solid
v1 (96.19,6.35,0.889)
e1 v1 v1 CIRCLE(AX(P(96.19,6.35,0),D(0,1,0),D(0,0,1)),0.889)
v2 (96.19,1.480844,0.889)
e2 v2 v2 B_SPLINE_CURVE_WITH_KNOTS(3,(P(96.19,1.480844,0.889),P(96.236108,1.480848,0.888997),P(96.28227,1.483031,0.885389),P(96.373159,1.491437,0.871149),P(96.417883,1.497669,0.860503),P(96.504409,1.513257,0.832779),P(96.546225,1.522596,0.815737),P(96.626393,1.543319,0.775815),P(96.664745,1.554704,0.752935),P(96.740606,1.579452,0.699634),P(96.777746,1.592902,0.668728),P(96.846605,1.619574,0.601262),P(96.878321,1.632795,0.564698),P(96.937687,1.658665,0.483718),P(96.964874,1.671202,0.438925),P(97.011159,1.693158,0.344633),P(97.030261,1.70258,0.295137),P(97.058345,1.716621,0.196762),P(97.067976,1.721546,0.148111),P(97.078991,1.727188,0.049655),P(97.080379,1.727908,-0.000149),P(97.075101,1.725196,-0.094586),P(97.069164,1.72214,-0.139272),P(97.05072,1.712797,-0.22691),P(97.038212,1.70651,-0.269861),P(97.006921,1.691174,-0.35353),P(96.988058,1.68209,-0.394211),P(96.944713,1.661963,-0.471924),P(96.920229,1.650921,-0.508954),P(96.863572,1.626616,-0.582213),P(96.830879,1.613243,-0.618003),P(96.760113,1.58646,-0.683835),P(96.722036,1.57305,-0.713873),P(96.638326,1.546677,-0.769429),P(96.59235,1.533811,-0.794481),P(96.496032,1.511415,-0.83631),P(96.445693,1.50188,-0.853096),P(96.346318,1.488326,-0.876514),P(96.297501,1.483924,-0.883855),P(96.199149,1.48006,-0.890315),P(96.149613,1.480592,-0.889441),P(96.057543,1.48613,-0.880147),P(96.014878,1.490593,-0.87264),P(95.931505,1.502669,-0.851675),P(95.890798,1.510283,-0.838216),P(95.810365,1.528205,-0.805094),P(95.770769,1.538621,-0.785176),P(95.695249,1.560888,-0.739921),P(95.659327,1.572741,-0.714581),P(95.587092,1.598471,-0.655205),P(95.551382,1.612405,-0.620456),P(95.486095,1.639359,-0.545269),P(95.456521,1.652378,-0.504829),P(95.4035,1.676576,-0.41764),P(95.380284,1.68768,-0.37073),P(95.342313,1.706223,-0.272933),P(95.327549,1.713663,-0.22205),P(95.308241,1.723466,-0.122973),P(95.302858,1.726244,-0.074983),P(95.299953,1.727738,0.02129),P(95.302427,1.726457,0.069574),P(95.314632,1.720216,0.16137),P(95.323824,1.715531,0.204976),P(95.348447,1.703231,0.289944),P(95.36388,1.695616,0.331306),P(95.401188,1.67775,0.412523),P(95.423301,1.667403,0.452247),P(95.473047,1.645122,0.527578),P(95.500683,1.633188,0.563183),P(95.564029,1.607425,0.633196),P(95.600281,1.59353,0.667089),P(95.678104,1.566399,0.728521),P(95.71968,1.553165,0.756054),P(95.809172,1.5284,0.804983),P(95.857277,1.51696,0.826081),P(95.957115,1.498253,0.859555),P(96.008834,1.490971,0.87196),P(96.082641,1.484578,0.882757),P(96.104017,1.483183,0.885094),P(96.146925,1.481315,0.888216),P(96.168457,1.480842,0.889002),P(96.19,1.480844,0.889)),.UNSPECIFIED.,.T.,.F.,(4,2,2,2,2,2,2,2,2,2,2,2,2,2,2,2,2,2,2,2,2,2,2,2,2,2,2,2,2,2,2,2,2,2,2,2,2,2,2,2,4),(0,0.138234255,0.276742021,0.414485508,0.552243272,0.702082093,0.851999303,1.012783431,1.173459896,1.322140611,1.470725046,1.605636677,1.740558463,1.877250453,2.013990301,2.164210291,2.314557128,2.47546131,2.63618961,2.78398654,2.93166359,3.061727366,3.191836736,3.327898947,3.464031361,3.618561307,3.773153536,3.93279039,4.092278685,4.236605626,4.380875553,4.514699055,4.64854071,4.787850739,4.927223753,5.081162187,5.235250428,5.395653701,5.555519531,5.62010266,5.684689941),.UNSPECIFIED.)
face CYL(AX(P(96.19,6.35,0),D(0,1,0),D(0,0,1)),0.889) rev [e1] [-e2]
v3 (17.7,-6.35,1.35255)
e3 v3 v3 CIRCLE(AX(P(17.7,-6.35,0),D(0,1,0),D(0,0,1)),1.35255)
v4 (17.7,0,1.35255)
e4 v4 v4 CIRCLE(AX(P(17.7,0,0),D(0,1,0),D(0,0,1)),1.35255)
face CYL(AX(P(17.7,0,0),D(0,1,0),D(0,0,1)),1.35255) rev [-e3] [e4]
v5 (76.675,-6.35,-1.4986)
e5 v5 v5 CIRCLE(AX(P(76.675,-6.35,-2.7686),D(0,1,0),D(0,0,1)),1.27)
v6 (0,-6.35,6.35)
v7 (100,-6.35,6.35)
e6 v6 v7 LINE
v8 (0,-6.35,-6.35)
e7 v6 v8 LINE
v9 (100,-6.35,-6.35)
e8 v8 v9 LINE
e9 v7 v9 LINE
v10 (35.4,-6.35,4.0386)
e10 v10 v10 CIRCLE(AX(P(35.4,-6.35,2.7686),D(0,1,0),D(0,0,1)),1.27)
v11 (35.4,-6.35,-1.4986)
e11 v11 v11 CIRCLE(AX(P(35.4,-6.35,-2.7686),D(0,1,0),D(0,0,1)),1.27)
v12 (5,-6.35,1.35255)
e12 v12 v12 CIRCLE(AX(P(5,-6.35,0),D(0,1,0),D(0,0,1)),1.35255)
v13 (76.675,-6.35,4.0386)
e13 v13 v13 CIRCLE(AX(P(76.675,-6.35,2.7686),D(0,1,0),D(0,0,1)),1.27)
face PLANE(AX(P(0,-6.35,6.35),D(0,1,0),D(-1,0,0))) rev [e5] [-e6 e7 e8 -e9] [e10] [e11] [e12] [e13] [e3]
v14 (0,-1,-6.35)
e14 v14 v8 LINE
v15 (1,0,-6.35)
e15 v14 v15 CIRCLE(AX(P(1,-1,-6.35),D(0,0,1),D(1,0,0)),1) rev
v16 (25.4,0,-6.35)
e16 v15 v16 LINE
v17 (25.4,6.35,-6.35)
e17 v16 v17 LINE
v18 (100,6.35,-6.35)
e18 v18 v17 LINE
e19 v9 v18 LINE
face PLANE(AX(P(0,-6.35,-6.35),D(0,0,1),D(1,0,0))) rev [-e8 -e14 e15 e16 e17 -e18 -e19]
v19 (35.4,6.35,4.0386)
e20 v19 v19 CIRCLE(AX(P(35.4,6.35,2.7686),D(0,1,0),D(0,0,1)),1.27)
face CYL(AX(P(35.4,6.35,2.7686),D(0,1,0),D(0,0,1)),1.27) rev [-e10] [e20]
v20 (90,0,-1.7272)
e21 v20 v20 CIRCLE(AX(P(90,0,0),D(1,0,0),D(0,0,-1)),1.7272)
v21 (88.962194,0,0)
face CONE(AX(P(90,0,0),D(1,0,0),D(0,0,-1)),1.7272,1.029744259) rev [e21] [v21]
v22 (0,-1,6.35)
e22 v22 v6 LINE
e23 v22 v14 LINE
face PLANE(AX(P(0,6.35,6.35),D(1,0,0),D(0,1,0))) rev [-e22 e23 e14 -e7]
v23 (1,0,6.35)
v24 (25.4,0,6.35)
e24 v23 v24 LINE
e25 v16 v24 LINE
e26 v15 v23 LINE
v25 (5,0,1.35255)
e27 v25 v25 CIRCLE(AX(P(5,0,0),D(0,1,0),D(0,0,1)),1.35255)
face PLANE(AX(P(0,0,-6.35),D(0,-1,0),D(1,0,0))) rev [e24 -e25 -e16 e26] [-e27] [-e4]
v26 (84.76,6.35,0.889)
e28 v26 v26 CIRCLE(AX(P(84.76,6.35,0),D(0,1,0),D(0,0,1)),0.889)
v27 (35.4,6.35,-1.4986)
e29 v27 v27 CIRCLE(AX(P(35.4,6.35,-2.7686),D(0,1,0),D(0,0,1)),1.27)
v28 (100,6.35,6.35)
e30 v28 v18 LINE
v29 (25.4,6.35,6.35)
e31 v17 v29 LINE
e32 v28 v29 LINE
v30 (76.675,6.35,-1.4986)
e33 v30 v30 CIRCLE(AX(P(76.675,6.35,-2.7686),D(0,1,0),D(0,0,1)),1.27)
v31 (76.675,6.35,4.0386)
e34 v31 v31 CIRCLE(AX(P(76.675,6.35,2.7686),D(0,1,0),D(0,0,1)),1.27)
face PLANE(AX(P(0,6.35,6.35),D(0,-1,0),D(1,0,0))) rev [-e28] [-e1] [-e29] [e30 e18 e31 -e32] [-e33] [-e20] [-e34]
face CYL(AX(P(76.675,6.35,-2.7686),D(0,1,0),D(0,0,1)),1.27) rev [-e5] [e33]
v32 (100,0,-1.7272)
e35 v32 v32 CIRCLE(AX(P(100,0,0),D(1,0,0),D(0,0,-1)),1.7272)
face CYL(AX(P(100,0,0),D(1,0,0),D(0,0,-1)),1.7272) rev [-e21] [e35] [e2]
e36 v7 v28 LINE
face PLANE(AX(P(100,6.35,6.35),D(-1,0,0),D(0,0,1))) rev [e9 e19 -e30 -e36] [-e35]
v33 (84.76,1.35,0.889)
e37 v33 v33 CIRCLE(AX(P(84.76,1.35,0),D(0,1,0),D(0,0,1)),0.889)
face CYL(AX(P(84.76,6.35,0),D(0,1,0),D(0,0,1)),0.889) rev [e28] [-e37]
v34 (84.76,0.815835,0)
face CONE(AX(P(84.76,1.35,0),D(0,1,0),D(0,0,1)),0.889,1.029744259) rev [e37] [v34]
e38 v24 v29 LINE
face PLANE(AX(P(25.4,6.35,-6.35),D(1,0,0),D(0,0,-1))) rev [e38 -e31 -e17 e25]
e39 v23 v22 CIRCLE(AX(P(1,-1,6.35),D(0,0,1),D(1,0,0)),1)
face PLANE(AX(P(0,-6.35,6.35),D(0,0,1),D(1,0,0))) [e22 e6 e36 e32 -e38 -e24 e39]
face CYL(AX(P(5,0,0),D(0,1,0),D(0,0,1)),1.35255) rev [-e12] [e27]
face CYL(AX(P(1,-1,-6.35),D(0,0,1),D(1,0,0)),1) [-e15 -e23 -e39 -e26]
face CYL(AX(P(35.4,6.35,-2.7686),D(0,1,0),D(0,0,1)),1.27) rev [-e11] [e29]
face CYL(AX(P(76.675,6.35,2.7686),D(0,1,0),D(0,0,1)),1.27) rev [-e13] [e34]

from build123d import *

# Parameters (mm, degrees)
SKETCH1_W                  = 100
SKETCH1_H                  = 12.7
BOSS_EXTRUDE1_DEPTH        = 6.35
SKETCH2_W                  = 25.4
SKETCH2_H                  = 6.35
CUT_EXTRUDE1_DEPTH         = 13.7
F_6_32_TAPPED_HOLE1_D      = 2.7051
F_8_32_TAPPED_HOLE1_D      = 3.4544
F_8_32_TAPPED_HOLE1_DEPTH  = 10
F_8_32_TAPPED_HOLE1_TIP    = 1.037806461
F_2_0_221_DIAMETER_HOLE1_D = 2.54
F_2_56_TAPPED_HOLE2_D      = 1.778
F_2_56_TAPPED_HOLE2_DEPTH  = 5
F_2_56_TAPPED_HOLE2_TIP    = 0.53416509
FILLET2_R                  = 1


with BuildPart() as part:
    # Sketch1 → Boss-Extrude1 (new body, symmetric)
    with BuildSketch(Plane.XY):
        with Locations((50, 0)):
            Rectangle(SKETCH1_W, SKETCH1_H)
    extrude(amount=BOSS_EXTRUDE1_DEPTH, both=True)

    # Sketch2 → Cut-Extrude1 (cut, through all)
    with BuildSketch(Plane.XY.offset(6.35)):
        with Locations((12.7, 3.175)):
            Rectangle(SKETCH2_W, SKETCH2_H)
    extrude(amount=-CUT_EXTRUDE1_DEPTH, mode=Mode.SUBTRACT)

    # #6-32 Tapped Hole1 (through all)
    with Locations(Plane(origin=(0, 0, 0), x_dir=(-1, 0, 0), z_dir=(0, 1, 0))):
        with Locations((-17.7, 0), (-5, 0)):
            Hole(F_6_32_TAPPED_HOLE1_D / 2)

    # #8-32 Tapped Hole1
    with Locations(Plane(origin=(100, 0, 0), x_dir=(0, 0, -1), z_dir=(1, 0, 0))):
        with Locations((0, 0)):
            Hole(F_8_32_TAPPED_HOLE1_D / 2, depth=F_8_32_TAPPED_HOLE1_DEPTH)
            with Locations((0, 0, -(F_8_32_TAPPED_HOLE1_DEPTH + F_8_32_TAPPED_HOLE1_TIP / 2))):  # 118° drill point
                Cone(0, F_8_32_TAPPED_HOLE1_D / 2, F_8_32_TAPPED_HOLE1_TIP, mode=Mode.SUBTRACT)

    # #2 (0.221) Diameter Hole1 (through all)
    with Locations(Plane(origin=(0, 6.35, 0), x_dir=(-1, 0, 0), z_dir=(0, 1, 0))):
        with Locations((-35.4, -2.7686), (-76.675, -2.7686), (-76.675, 2.7686), (-35.4, 2.7686)):
            Hole(F_2_0_221_DIAMETER_HOLE1_D / 2)

    # #2-56 Tapped Hole2
    with Locations(Plane(origin=(0, 6.35, 0), x_dir=(-1, 0, 0), z_dir=(0, 1, 0))):
        with Locations((-84.76, 0), (-96.19, 0)):
            Hole(F_2_56_TAPPED_HOLE2_D / 2, depth=F_2_56_TAPPED_HOLE2_DEPTH)
            with Locations((0, 0, -(F_2_56_TAPPED_HOLE2_DEPTH + F_2_56_TAPPED_HOLE2_TIP / 2))):  # 118° drill point
                Cone(0, F_2_56_TAPPED_HOLE2_D / 2, F_2_56_TAPPED_HOLE2_TIP, mode=Mode.SUBTRACT)

    # Fillet2
    fillet2_edges = [part.edges().sort_by_distance(p)[0] for p in [
        (0, 0, 0),
    ]]
    fillet(fillet2_edges, radius=FILLET2_R)


solid = part.part
